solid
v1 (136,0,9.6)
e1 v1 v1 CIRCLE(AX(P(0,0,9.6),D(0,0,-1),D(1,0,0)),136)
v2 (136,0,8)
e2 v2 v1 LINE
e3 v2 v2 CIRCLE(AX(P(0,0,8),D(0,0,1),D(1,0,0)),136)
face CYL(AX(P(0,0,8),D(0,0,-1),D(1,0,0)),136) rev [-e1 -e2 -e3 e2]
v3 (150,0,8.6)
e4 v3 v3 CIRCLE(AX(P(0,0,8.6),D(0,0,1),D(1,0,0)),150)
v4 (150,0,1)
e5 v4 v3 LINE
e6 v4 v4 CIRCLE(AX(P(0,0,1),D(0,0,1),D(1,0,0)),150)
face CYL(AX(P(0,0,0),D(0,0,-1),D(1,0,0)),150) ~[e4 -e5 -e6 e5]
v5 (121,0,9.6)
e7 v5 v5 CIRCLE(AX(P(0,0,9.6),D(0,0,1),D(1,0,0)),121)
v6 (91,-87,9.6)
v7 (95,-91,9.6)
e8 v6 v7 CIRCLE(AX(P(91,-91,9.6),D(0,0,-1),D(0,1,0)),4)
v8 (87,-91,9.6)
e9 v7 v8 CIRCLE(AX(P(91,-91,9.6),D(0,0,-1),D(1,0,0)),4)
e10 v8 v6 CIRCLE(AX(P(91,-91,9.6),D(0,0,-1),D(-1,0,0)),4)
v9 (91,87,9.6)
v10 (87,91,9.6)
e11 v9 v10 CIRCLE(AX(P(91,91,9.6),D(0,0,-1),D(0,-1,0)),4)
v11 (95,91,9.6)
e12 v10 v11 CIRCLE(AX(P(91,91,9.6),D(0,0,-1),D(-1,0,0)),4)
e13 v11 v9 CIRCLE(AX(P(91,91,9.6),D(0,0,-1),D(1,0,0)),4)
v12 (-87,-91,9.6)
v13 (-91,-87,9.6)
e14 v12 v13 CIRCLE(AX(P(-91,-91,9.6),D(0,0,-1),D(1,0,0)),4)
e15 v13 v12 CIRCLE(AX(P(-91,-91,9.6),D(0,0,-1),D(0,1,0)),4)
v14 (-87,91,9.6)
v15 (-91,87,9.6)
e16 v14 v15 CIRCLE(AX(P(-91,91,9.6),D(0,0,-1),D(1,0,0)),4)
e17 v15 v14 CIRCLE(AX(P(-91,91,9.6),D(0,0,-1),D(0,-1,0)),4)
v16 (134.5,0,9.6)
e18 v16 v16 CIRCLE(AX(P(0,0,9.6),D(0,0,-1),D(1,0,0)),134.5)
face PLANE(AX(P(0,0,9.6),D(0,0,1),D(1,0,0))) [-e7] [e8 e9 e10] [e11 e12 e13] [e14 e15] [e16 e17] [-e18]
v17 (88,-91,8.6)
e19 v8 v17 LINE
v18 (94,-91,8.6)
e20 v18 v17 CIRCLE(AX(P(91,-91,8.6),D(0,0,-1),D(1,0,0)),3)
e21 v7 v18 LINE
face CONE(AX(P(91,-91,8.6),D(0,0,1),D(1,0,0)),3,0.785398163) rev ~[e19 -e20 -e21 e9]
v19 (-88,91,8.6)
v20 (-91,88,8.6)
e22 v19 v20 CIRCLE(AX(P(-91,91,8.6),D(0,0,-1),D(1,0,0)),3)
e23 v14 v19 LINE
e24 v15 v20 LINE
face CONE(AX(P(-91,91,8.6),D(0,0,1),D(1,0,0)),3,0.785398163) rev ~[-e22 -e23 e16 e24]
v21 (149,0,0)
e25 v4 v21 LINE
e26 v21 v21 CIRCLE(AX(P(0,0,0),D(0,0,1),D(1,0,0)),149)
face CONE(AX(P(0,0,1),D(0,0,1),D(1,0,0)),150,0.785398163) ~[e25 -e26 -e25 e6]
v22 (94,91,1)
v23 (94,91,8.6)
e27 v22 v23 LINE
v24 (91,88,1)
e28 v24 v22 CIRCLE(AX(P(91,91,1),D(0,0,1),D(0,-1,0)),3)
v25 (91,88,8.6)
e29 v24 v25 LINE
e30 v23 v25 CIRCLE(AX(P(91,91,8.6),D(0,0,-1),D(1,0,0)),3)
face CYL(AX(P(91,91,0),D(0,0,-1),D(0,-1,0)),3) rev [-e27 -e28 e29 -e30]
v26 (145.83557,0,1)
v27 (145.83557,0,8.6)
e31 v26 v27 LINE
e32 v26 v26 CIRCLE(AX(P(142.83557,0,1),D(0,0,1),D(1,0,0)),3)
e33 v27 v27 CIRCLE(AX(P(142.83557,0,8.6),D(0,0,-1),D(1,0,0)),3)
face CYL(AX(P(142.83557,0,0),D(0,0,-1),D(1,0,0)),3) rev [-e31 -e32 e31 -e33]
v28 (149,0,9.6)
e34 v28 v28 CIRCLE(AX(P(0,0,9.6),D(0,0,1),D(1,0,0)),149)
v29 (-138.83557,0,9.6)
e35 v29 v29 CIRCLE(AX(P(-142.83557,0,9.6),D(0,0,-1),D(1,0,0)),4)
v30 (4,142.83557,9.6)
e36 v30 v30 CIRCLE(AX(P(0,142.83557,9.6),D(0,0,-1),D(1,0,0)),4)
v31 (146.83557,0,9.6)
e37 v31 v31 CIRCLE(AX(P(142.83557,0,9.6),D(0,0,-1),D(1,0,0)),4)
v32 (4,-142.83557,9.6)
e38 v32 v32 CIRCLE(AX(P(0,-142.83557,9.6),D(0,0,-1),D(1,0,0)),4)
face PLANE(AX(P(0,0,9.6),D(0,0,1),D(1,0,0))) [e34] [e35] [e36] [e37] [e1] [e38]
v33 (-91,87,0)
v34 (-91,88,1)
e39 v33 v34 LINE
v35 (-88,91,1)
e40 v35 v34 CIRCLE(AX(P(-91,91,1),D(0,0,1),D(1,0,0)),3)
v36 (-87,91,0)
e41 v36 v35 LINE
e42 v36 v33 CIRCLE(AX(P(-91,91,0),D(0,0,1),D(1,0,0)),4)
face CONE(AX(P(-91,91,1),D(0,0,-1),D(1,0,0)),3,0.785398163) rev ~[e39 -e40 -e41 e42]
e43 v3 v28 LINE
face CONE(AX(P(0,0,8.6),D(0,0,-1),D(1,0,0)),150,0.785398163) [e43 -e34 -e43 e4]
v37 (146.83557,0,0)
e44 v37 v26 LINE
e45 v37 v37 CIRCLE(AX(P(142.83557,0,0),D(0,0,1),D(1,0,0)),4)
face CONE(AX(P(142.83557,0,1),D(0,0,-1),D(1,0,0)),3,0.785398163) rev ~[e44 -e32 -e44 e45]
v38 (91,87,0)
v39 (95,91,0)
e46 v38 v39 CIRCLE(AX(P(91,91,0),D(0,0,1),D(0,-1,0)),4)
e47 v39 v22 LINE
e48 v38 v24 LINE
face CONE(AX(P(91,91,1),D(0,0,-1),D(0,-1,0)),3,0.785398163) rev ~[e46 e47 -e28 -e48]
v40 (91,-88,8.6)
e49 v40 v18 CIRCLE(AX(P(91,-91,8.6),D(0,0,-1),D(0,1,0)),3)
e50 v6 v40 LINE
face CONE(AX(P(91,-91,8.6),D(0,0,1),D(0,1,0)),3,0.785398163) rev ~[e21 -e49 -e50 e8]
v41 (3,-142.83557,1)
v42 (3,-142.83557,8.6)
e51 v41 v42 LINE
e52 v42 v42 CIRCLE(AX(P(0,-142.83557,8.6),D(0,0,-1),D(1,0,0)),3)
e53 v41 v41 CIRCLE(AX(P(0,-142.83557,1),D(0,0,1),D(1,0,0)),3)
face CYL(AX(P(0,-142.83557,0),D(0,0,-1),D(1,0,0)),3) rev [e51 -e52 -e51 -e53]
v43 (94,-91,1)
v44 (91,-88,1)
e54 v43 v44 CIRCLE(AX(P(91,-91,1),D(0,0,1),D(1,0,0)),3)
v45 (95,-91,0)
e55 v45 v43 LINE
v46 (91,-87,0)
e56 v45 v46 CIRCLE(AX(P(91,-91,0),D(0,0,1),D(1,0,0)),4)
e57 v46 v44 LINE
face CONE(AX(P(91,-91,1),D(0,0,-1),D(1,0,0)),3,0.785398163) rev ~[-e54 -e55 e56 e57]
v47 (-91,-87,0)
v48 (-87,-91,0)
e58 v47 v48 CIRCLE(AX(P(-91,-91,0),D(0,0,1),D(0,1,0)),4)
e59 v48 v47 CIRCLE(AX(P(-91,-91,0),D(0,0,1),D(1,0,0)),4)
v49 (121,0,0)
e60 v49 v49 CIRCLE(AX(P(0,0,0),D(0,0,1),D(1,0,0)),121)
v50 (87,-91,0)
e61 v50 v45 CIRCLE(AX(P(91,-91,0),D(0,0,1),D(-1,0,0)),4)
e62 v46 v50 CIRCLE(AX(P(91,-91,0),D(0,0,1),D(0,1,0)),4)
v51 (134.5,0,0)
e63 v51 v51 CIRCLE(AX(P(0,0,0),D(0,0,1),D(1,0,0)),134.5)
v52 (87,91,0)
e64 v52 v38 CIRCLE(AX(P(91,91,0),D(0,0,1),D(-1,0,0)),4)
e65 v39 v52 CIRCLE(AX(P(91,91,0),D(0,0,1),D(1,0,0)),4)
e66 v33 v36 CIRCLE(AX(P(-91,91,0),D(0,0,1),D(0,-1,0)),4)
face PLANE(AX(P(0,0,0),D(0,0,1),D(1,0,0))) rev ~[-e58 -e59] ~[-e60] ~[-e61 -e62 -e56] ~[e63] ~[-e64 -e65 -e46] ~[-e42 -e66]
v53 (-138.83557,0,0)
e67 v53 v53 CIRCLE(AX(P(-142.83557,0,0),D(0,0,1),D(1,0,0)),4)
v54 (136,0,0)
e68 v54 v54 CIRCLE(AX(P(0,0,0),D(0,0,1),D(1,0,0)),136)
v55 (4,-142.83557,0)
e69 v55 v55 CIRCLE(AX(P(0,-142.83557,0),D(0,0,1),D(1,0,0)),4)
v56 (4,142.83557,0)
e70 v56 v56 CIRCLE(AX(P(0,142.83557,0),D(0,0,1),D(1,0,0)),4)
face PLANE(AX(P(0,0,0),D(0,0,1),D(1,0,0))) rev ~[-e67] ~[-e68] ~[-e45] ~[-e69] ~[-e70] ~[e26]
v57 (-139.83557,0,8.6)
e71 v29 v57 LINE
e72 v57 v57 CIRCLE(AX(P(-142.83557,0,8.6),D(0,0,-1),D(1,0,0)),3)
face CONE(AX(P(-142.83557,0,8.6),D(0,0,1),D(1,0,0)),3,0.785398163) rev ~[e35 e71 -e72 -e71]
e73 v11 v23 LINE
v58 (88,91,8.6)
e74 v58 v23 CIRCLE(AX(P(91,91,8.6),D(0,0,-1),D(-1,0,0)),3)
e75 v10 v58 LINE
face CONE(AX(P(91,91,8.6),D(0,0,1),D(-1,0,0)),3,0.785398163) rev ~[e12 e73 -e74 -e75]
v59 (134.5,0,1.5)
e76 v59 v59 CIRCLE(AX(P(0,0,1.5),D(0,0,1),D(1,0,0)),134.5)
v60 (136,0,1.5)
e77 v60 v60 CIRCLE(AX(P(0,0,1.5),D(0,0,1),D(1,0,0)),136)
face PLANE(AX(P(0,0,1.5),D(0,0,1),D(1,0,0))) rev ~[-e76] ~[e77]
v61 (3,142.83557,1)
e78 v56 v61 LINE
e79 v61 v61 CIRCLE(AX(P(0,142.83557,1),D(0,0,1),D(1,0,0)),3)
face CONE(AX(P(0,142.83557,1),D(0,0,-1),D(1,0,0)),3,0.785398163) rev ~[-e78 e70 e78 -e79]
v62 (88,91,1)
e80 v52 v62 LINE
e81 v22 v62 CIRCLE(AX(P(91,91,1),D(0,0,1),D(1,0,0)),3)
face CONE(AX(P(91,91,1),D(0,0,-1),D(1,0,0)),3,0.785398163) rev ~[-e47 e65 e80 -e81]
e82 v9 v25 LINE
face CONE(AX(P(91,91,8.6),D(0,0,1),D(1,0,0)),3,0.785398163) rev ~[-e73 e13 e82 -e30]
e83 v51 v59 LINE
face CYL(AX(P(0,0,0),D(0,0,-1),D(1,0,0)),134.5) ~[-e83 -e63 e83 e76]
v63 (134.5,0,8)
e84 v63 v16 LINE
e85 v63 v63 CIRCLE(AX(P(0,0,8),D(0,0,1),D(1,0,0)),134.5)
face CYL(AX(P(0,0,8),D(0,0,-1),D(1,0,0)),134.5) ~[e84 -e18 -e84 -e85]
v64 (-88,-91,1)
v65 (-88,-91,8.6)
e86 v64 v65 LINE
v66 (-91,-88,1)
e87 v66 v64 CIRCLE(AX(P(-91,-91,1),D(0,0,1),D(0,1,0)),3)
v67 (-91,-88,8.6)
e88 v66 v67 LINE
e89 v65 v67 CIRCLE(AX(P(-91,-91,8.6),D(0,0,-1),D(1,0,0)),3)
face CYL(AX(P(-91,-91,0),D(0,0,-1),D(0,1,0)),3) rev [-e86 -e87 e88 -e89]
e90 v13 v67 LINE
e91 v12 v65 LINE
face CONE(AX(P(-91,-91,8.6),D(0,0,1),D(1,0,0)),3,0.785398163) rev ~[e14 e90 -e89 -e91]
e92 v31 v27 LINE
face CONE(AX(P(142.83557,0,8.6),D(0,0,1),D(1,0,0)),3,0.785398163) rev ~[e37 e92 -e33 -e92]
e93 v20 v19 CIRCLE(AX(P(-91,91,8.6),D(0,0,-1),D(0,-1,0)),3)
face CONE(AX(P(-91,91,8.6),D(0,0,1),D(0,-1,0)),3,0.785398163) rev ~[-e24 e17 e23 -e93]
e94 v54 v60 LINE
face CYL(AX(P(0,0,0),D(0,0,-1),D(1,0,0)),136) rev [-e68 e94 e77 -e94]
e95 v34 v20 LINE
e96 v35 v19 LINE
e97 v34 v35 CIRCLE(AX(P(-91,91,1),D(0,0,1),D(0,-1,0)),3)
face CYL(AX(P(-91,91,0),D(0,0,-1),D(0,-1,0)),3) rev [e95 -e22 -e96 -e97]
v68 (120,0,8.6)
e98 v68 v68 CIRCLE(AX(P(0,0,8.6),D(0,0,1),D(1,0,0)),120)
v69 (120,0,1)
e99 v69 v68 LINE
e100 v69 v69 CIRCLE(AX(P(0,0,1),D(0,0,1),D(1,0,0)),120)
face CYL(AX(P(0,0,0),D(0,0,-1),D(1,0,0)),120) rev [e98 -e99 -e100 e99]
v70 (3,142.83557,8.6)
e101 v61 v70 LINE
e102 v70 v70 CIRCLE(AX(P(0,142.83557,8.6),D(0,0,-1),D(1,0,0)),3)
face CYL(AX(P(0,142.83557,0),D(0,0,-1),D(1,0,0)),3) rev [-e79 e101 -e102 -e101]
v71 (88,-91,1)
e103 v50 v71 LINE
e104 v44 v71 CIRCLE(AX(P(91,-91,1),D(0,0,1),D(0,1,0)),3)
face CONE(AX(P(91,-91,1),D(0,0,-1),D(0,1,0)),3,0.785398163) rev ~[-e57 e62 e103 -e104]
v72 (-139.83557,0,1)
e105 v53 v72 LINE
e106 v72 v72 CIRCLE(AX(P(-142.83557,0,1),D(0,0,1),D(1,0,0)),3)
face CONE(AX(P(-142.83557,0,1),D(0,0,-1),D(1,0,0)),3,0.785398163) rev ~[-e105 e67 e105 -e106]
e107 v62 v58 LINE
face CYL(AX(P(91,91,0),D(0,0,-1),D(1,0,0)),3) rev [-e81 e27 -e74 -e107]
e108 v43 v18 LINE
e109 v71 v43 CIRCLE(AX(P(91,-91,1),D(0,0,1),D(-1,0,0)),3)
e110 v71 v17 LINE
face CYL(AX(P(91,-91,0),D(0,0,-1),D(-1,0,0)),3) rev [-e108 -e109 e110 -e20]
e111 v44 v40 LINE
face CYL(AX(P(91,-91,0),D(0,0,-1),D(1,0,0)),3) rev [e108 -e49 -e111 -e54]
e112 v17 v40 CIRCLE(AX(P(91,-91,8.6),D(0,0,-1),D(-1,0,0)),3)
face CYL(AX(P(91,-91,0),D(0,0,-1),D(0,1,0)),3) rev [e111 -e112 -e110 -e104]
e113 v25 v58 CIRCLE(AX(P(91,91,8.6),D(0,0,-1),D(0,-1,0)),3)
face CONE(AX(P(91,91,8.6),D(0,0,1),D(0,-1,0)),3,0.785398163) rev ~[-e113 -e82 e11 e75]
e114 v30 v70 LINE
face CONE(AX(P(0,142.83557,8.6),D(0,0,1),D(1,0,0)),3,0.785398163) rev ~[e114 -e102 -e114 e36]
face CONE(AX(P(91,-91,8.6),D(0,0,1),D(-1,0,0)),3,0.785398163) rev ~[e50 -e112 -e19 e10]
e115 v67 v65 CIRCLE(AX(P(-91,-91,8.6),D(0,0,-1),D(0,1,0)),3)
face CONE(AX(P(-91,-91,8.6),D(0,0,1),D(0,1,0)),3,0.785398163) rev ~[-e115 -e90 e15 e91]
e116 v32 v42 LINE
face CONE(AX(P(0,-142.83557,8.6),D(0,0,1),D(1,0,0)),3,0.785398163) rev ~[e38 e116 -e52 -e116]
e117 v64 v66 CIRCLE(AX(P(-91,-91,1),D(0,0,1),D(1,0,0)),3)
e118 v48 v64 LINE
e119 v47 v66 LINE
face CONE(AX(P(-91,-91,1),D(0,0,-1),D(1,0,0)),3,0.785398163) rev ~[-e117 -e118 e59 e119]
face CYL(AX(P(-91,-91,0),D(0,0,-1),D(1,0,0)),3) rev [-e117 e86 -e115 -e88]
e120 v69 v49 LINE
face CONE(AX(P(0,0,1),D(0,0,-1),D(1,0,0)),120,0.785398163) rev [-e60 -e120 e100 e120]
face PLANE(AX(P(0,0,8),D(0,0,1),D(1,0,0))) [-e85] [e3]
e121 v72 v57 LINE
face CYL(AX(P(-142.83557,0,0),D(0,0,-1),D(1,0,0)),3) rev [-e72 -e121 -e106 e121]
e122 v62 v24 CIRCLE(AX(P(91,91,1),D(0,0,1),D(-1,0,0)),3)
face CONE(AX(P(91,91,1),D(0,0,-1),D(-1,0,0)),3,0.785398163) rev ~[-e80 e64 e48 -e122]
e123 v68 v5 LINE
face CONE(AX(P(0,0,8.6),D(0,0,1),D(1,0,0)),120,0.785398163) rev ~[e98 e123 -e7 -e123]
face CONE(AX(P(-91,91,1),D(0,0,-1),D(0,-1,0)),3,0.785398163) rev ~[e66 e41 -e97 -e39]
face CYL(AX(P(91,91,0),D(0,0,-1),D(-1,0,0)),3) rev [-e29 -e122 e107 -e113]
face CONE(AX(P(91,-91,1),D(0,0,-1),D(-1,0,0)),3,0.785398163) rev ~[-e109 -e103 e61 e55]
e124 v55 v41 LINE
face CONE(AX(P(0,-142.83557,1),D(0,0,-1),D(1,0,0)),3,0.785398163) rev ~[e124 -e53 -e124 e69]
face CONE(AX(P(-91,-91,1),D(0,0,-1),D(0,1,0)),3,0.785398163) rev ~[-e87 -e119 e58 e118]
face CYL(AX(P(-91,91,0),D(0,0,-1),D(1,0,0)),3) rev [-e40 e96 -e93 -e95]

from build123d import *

# Parameters (mm, degrees)
F0_R     = 150
F0_R_2   = 136
F0_R_3   = 134.5
F0_R_4   = 120
F1_DEPTH = 9.6
F2_SIZE  = 1
F3_DEPTH = 1.5
F4_START = 8
F4_DEPTH = 17
F5_R     = 3
F6_DEPTH = 25
F7_SIZE  = 1


with BuildPart() as f1:
    # F0 (on Top) → F1 (new body)
    with BuildSketch(Plane.XY):
        Circle(F0_R)
        Circle(F0_R_2, mode=Mode.SUBTRACT)
        Circle(F0_R_2)
        Circle(F0_R_3, mode=Mode.SUBTRACT)
        Circle(F0_R_3)
        Circle(F0_R_4, mode=Mode.SUBTRACT)
    extrude(amount=F1_DEPTH)

    # F2
    f2_edges = [f1.edges().sort_by_distance(p)[0] for p in [
        (-120, 0, 9.6),
        (-150, 0, 9.6),
        (-150, 0, 0),
        (-120, 0, 0),
    ]]
    chamfer(f2_edges, length=F2_SIZE)

    # F0 (on Top) → F3 (cut)
    with BuildSketch(Plane.XY):
        Circle(F0_R_2)
        Circle(F0_R_3, mode=Mode.SUBTRACT)
    extrude(amount=F3_DEPTH, mode=Mode.SUBTRACT)

    # F0 (on Top) → F4 (cut)
    with BuildSketch(Plane.XY.offset(F4_START)):
        Circle(F0_R_2)
        Circle(F0_R_3, mode=Mode.SUBTRACT)
    extrude(amount=F4_DEPTH, mode=Mode.SUBTRACT)

    # F5 (on Top) → F6 (cut)
    with BuildSketch(Plane.XY):
        with BuildLine():
            ThreePointArc((-91, -88), (-93.1213203436, -93.1213203436), (-88, -91))
            Line((-88, -91), (-91, -91))
            Line((-91, -91), (-91, -88))
        make_face()
        with BuildLine():
            Line((-91, -91), (-88, -91))
            ThreePointArc((-88, -91), (-88.8786796564, -88.8786796564), (-91, -88))
            Line((-91, -88), (-91, -91))
        make_face()
        with BuildLine():
            Line((-91, 91), (-91, 88))
            ThreePointArc((-91, 88), (-88.8786796564, 88.8786796564), (-88, 91))
            Line((-88, 91), (-91, 91))
        make_face()
        with BuildLine():
            ThreePointArc((-88, 91), (-93.1213203436, 93.1213203436), (-91, 88))
            Line((-91, 88), (-91, 91))
            Line((-91, 91), (-88, 91))
        make_face()
        with BuildLine():
            Line((91, 91), (91, 88))
            ThreePointArc((91, 88), (93.1213203436, 88.8786796564), (94, 91))
            ThreePointArc((94, 91), (91, 94), (88, 91))
            Line((88, 91), (91, 91))
        make_face()
        with BuildLine():
            ThreePointArc((88, 91), (88.8786796564, 88.8786796564), (91, 88))
            Line((91, 88), (91, 91))
            Line((91, 91), (88, 91))
        make_face()
        with BuildLine():
            Line((91, -91), (88, -91))
            ThreePointArc((88, -91), (91, -94), (94, -91))
            ThreePointArc((94, -91), (93.1213203436, -88.8786796564), (91, -88))
            Line((91, -88), (91, -91))
        make_face()
        with BuildLine():
            ThreePointArc((91, -88), (88.8786796564, -88.8786796564), (88, -91))
            Line((88, -91), (91, -91))
            Line((91, -91), (91, -88))
        make_face()
        with Locations((0, -142.8355697997)):
            Circle(F5_R)
        with Locations((142.8355697997, 0)):
            Circle(F5_R)
        with Locations((0, 142.8355697997)):
            Circle(F5_R)
        with Locations((-142.8355697997, 0)):
            Circle(F5_R)
    extrude(amount=F6_DEPTH, mode=Mode.SUBTRACT)

    # F7
    f7_edges = [f1.edges().sort_by_distance(p)[0] for p in [
        (-94, -91, 9.6),
        (91, -94, 9.6),
        (-94, 91, 9.6),
        (94, 91, 9.6),
        (94, 91, 0),
        (-94, 91, 0),
        (91, -94, 0),
        (-94, -91, 0),
        (-3, 142.83557, 0),
        (-3, 142.83557, 9.6),
        (139.83557, 0, 9.6),
        (139.83557, 0, 0),
        (-3, -142.83557, 9.6),
        (-3, -142.83557, 0),
        (-145.83557, 0, 9.6),
        (-145.83557, 0, 0),
    ]]
    chamfer(f7_edges, length=F7_SIZE)


solid = f1.part
